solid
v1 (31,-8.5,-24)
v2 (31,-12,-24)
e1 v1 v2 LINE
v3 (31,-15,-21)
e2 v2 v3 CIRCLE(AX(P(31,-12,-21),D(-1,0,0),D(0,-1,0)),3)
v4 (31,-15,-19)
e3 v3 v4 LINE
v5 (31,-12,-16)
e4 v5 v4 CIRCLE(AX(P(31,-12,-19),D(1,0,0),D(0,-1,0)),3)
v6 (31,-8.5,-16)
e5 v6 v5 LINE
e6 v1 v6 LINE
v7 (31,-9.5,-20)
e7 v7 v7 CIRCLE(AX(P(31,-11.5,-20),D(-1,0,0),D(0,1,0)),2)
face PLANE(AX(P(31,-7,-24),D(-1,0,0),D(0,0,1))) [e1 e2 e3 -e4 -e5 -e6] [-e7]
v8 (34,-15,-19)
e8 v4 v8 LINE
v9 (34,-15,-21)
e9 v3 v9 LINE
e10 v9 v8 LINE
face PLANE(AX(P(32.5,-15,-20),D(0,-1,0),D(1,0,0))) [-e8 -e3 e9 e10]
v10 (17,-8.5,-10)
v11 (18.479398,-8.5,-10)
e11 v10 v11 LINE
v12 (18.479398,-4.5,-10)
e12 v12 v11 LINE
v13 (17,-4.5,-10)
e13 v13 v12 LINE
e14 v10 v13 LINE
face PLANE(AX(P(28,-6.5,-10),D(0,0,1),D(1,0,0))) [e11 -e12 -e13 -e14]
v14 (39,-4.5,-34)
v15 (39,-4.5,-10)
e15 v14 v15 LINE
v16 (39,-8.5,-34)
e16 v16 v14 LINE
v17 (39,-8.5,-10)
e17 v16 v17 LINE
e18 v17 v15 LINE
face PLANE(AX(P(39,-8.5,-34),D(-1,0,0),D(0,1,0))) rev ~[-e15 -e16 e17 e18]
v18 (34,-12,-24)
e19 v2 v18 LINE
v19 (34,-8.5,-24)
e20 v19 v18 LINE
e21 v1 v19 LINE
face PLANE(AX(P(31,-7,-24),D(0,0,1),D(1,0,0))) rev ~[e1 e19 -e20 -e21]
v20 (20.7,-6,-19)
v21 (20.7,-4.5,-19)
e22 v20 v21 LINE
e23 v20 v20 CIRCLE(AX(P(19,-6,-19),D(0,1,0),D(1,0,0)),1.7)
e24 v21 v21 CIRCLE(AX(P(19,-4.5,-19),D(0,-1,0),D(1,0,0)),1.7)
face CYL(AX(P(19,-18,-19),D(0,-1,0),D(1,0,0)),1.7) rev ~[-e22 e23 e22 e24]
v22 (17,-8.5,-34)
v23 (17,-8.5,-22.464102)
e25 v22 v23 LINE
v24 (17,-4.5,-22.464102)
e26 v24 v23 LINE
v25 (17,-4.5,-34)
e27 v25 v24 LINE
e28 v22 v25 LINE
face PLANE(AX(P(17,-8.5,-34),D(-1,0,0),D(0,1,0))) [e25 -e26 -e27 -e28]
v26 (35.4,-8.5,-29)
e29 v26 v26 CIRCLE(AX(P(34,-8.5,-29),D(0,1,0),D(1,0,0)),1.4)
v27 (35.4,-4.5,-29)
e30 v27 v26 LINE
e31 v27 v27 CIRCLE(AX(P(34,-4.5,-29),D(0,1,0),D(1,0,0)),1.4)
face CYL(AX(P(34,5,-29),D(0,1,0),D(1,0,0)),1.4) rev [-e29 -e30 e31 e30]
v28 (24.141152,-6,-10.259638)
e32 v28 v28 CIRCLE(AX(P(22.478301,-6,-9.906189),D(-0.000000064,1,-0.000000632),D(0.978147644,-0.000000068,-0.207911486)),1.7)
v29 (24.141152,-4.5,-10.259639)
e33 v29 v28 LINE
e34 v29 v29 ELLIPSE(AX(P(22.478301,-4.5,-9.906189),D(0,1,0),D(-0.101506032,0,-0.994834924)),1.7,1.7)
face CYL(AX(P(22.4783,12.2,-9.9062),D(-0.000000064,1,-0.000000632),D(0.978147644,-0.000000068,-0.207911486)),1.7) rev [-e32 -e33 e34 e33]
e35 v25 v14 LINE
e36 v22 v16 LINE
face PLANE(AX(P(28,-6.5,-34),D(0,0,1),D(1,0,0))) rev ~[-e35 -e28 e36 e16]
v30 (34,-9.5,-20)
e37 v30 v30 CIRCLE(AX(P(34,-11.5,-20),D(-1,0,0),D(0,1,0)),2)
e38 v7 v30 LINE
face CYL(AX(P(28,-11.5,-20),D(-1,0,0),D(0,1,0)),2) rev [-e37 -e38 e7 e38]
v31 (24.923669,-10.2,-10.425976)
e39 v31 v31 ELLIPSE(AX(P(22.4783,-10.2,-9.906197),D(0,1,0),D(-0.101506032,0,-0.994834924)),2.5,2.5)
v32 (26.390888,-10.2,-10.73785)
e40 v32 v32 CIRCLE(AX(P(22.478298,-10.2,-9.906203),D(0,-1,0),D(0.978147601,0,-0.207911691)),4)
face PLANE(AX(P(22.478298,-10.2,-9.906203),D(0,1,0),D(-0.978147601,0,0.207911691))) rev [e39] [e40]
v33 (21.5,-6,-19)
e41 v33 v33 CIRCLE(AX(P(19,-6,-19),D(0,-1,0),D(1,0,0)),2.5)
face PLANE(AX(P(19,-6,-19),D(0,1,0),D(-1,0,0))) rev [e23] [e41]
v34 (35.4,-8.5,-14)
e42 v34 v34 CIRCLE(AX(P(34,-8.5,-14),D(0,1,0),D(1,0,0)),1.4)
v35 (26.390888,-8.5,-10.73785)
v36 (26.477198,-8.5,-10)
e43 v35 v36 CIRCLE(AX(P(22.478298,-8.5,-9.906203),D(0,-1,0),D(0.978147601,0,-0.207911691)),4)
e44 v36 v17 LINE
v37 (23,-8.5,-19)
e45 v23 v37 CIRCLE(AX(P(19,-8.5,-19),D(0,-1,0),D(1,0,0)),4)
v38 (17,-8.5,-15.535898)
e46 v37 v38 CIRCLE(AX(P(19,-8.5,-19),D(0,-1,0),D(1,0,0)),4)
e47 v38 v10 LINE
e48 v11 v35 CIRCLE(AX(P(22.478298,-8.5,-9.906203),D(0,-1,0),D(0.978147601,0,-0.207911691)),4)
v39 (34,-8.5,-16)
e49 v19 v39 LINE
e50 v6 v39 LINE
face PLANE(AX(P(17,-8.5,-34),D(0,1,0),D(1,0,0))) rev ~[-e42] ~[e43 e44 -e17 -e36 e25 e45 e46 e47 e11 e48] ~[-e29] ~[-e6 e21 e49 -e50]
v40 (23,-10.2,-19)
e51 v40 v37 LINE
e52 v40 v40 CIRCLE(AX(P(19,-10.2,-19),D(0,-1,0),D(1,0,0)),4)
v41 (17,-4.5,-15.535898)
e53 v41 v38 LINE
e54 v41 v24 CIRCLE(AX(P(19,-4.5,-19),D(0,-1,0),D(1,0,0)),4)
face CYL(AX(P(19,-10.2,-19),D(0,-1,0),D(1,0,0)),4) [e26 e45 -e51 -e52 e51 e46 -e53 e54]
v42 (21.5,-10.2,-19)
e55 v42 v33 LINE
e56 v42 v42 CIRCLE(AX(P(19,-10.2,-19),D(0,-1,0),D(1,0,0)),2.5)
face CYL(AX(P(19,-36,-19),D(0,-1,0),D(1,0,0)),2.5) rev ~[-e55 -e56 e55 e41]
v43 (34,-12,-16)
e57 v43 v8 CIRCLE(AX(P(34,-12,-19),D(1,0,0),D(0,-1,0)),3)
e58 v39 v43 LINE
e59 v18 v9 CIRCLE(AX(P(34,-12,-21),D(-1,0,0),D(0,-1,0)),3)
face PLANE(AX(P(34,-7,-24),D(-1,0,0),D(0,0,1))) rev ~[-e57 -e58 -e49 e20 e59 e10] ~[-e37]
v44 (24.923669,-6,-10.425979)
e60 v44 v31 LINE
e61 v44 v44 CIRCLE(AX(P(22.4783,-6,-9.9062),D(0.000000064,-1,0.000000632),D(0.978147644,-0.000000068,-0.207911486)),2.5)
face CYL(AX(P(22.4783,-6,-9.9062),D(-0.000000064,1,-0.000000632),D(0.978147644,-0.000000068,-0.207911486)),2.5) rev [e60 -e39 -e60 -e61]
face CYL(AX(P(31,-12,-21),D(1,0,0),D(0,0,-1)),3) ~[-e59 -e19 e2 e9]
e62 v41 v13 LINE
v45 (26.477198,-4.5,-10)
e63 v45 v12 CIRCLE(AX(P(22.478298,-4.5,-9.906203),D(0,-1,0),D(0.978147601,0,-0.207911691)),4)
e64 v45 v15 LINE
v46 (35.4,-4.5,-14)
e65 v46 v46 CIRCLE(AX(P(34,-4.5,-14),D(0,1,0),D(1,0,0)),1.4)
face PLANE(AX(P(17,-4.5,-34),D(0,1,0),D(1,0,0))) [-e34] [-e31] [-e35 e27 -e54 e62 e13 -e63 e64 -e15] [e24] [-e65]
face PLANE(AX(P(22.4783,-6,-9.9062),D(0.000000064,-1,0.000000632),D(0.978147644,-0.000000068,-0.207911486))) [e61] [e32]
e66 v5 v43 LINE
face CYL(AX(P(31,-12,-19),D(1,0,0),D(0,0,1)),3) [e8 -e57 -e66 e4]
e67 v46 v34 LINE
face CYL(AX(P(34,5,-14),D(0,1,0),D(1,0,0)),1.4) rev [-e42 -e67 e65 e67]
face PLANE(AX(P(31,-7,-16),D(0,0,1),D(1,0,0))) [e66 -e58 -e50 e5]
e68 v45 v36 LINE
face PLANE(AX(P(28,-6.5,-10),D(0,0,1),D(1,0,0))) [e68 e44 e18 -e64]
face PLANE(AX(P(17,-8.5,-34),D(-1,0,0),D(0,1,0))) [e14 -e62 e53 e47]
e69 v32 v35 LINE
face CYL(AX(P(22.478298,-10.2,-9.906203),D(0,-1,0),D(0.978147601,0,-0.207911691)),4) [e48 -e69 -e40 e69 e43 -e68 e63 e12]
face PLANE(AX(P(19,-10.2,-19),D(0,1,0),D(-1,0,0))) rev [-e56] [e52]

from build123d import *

# Parameters (mm, degrees)
CYLINDER267_R               = 2
CYLINDER267_DEPTH           = 10
CYLINDER267_PITCH_ANGLE     = 90
BOX001027045199_W           = 3
BOX001027045199_H           = 8
BOX001027045199_DEPTH       = 8
FILLET045_R                 = 3
CUT240_ROLL_ANGLE           = 90
CYLINDER257_R               = 2.5
CYLINDER257_DEPTH           = 30
CYLINDER257_ROLL_ANGLE      = 90
CYLINDER258_R               = 1.7
CYLINDER258_DEPTH           = 50
CYLINDER258_ROLL_ANGLE      = 90
CYLINDER262_R               = 1.7
CYLINDER262_DEPTH           = 30
CYLINDER262_ROLL_ANGLE      = 89.999963
CYLINDER262_PITCH_ANGLE     = 11.999988
CYLINDER262_PLACEMENT_ANGLE = -4e-06
CYLINDER259_R               = 2.5
CYLINDER259_DEPTH           = 20
CYLINDER259_ROLL_ANGLE      = 89.999963
CYLINDER259_PITCH_ANGLE     = 11.999988
CYLINDER259_PLACEMENT_ANGLE = -4e-06
CYLINDER231_R               = 1.4
CYLINDER231_DEPTH           = 20
CYLINDER231_ROLL_ANGLE      = 90
CYLINDER230_R               = 1.4
CYLINDER230_DEPTH           = 20
CYLINDER230_ROLL_ANGLE      = 90
BOX001027045174_W           = 22
BOX001027045174_H           = 4
BOX001027045174_DEPTH       = 24
CYLINDER260_R               = 4
CYLINDER260_DEPTH           = 5.7
CYLINDER260_ROLL_ANGLE      = 90
CYLINDER261_R               = 4
CYLINDER261_DEPTH           = 5.7
CYLINDER261_ROLL_ANGLE      = 90
CYLINDER261_PITCH_ANGLE     = 12


with BuildPart() as cylinder285:
    # Cylinder267 → Cylinder267 (new body)
    with BuildSketch(Plane.XY):
        Circle(CYLINDER267_R)
    extrude(amount=CYLINDER267_DEPTH)


with BuildPart() as cylinder285_1:
    # Cylinder267 pitch: moved
    add(cylinder285.part.rotate(Axis((0, 0, 0), (0, 1, 0)), CYLINDER267_PITCH_ANGLE))


with BuildPart() as cylinder285_2:
    # Cylinder267 placement: moved
    add(cylinder285_1.part.moved(Location((-3, 4, 4.5))))


with BuildPart() as cut240:
    # Box001027045199 → Box001027045199 (new body)
    with BuildSketch(Plane.XY):
        with Locations((1.5, 4)):
            Rectangle(BOX001027045199_W, BOX001027045199_H)
    extrude(amount=BOX001027045199_DEPTH)

    # Fillet045
    fillet045_edges = [cut240.edges().sort_by_distance(p)[0] for p in [
        (1.5, 0, 8),
        (1.5, 8, 8),
    ]]
    fillet(fillet045_edges, radius=FILLET045_R)

    # Cut240: cut Cylinder285
    add(cylinder285_2.part, mode=Mode.SUBTRACT)


with BuildPart() as cut240_1:
    # Cut240 roll: moved
    add(cut240.part.rotate(Axis((0, 0, 0), (1, 0, 0)), CUT240_ROLL_ANGLE))


with BuildPart() as cut240_2:
    # Cut240 placement: moved
    add(cut240_1.part.moved(Location((31, -7, -24))))


with BuildPart() as cylinder275:
    # Cylinder257 → Cylinder257 (new body)
    with BuildSketch(Plane.XY):
        Circle(CYLINDER257_R)
    extrude(amount=CYLINDER257_DEPTH)


with BuildPart() as cylinder275_1:
    # Cylinder257 roll: moved
    add(cylinder275.part.rotate(Axis((0, 0, 0), (1, 0, 0)), CYLINDER257_ROLL_ANGLE))


with BuildPart() as cylinder275_2:
    # Cylinder257 placement: moved
    add(cylinder275_1.part.moved(Location((23, 36, -19))))


with BuildPart() as fusion112142:
    # Cylinder258 → Cylinder258 (new body)
    with BuildSketch(Plane.XY):
        Circle(CYLINDER258_R)
    extrude(amount=CYLINDER258_DEPTH)


with BuildPart() as fusion112142_1:
    # Cylinder258 roll: moved
    add(fusion112142.part.rotate(Axis((0, 0, 0), (1, 0, 0)), CYLINDER258_ROLL_ANGLE))


with BuildPart() as fusion112142_2:
    # Cylinder258 placement: moved
    add(fusion112142_1.part.moved(Location((23, 18, -19))))

    # Fusion112142: union Cylinder275
    add(cylinder275_2.part)


with BuildPart() as part_mirroring016:
    # Part__Mirroring016: instance of Fusion112142
    add(fusion112142_2.part.mirror(Plane(origin=(0, 0, 0), x_dir=(1, 0, 0), z_dir=(0, 1, 0))))


with BuildPart() as part_mirroring016_1:
    # Part__Mirroring016 placement: moved
    add(part_mirroring016.part.moved(Location((-4, 0, 0))))


with BuildPart() as cylinder280:
    # Cylinder262 → Cylinder262 (new body)
    with BuildSketch(Plane.XY):
        Circle(CYLINDER262_R)
    extrude(amount=CYLINDER262_DEPTH)


with BuildPart() as cylinder280_1:
    # Cylinder262 roll: moved
    add(cylinder280.part.rotate(Axis((0, 0, 0), (1, 0, 0)), CYLINDER262_ROLL_ANGLE))


with BuildPart() as cylinder280_2:
    # Cylinder262 pitch: moved
    add(cylinder280_1.part.rotate(Axis((0, 0, 0), (0, 1, 0)), CYLINDER262_PITCH_ANGLE))


with BuildPart() as cylinder280_3:
    # Cylinder262 placement: moved
    add(cylinder280_2.part.moved(Location((22.4783, 12.2, -9.9062))).rotate(Axis((22.4783, 12.2, -9.9062), (0, 0, 1)), CYLINDER262_PLACEMENT_ANGLE))


with BuildPart() as fusion112149:
    # Cylinder259 → Cylinder259 (new body)
    with BuildSketch(Plane.XY):
        Circle(CYLINDER259_R)
    extrude(amount=CYLINDER259_DEPTH)


with BuildPart() as fusion112149_1:
    # Cylinder259 roll: moved
    add(fusion112149.part.rotate(Axis((0, 0, 0), (1, 0, 0)), CYLINDER259_ROLL_ANGLE))


with BuildPart() as fusion112149_2:
    # Cylinder259 pitch: moved
    add(fusion112149_1.part.rotate(Axis((0, 0, 0), (0, 1, 0)), CYLINDER259_PITCH_ANGLE))


with BuildPart() as fusion112149_3:
    # Cylinder259 placement: moved
    add(fusion112149_2.part.moved(Location((22.4783, -6, -9.9062))).rotate(Axis((22.4783, -6, -9.9062), (0, 0, 1)), CYLINDER259_PLACEMENT_ANGLE))

    # Fusion112146: union Cylinder280
    add(cylinder280_3.part)

    # Fusion112149: union Part__Mirroring016
    add(part_mirroring016_1.part)


with BuildPart() as m3_tap006:
    # Cylinder231 → Cylinder231 (new body)
    with BuildSketch(Plane.XY):
        Circle(CYLINDER231_R)
    extrude(amount=CYLINDER231_DEPTH)


with BuildPart() as m3_tap006_1:
    # Cylinder231 roll: moved
    add(m3_tap006.part.rotate(Axis((0, 0, 0), (1, 0, 0)), CYLINDER231_ROLL_ANGLE))


with BuildPart() as m3_tap006_2:
    # Cylinder231 placement: moved
    add(m3_tap006_1.part.moved(Location((34, 5, -29))))


with BuildPart() as fusion112123:
    # Cylinder230 → Cylinder230 (new body)
    with BuildSketch(Plane.XY):
        Circle(CYLINDER230_R)
    extrude(amount=CYLINDER230_DEPTH)


with BuildPart() as fusion112123_1:
    # Cylinder230 roll: moved
    add(fusion112123.part.rotate(Axis((0, 0, 0), (1, 0, 0)), CYLINDER230_ROLL_ANGLE))


with BuildPart() as fusion112123_2:
    # Cylinder230 placement: moved
    add(fusion112123_1.part.moved(Location((34, 5, -14))))

    # Fusion112123: union M3-tap006
    add(m3_tap006_2.part)


with BuildPart() as cut234:
    # Box001027045174 → Box001027045174 (new body)
    with BuildSketch(Plane(origin=(17, -8.5, -34), x_dir=(1, 0, 0), z_dir=(0, 0, 1))):
        with Locations((11, 2)):
            Rectangle(BOX001027045174_W, BOX001027045174_H)
    extrude(amount=BOX001027045174_DEPTH)

    # Cut234: cut Fusion112123
    add(fusion112123_2.part, mode=Mode.SUBTRACT)


with BuildPart() as cylinder278:
    # Cylinder260 → Cylinder260 (new body)
    with BuildSketch(Plane.XY):
        Circle(CYLINDER260_R)
    extrude(amount=CYLINDER260_DEPTH)


with BuildPart() as cylinder278_1:
    # Cylinder260 roll: moved
    add(cylinder278.part.rotate(Axis((0, 0, 0), (1, 0, 0)), CYLINDER260_ROLL_ANGLE))


with BuildPart() as cylinder278_2:
    # Cylinder260 placement: moved
    add(cylinder278_1.part.moved(Location((19, 10.2, -19))))


with BuildPart() as part_mirroring017:
    # Part__Mirroring017: instance of Cylinder278
    add(cylinder278_2.part.mirror(Plane(origin=(0, 0, 0), x_dir=(1, 0, 0), z_dir=(0, 1, 0))))


with BuildPart() as cylinder279:
    # Cylinder261 → Cylinder261 (new body)
    with BuildSketch(Plane.XY):
        Circle(CYLINDER261_R)
    extrude(amount=CYLINDER261_DEPTH)


with BuildPart() as cylinder279_1:
    # Cylinder261 roll: moved
    add(cylinder279.part.rotate(Axis((0, 0, 0), (1, 0, 0)), CYLINDER261_ROLL_ANGLE))


with BuildPart() as cylinder279_2:
    # Cylinder261 pitch: moved
    add(cylinder279_1.part.rotate(Axis((0, 0, 0), (0, 1, 0)), CYLINDER261_PITCH_ANGLE))


with BuildPart() as cylinder279_3:
    # Cylinder261 placement: moved
    add(cylinder279_2.part.moved(Location((22.478298, 10.2, -9.906203))))


with BuildPart() as clamp_plate:
    # Part__Mirroring018: instance of Cylinder279
    add(cylinder279_3.part.mirror(Plane(origin=(0, 0, 0), x_dir=(1, 0, 0), z_dir=(0, 1, 0))))

    # Fusion112144: union Part__Mirroring017
    add(part_mirroring017.part)

    # Fusion112145: union Cut234
    add(cut234.part)

    # Cut236: cut Fusion112149
    add(fusion112149_3.part, mode=Mode.SUBTRACT)

    # Fusion112155: union Cut240
    add(cut240_2.part)


solid = clamp_plate.part
